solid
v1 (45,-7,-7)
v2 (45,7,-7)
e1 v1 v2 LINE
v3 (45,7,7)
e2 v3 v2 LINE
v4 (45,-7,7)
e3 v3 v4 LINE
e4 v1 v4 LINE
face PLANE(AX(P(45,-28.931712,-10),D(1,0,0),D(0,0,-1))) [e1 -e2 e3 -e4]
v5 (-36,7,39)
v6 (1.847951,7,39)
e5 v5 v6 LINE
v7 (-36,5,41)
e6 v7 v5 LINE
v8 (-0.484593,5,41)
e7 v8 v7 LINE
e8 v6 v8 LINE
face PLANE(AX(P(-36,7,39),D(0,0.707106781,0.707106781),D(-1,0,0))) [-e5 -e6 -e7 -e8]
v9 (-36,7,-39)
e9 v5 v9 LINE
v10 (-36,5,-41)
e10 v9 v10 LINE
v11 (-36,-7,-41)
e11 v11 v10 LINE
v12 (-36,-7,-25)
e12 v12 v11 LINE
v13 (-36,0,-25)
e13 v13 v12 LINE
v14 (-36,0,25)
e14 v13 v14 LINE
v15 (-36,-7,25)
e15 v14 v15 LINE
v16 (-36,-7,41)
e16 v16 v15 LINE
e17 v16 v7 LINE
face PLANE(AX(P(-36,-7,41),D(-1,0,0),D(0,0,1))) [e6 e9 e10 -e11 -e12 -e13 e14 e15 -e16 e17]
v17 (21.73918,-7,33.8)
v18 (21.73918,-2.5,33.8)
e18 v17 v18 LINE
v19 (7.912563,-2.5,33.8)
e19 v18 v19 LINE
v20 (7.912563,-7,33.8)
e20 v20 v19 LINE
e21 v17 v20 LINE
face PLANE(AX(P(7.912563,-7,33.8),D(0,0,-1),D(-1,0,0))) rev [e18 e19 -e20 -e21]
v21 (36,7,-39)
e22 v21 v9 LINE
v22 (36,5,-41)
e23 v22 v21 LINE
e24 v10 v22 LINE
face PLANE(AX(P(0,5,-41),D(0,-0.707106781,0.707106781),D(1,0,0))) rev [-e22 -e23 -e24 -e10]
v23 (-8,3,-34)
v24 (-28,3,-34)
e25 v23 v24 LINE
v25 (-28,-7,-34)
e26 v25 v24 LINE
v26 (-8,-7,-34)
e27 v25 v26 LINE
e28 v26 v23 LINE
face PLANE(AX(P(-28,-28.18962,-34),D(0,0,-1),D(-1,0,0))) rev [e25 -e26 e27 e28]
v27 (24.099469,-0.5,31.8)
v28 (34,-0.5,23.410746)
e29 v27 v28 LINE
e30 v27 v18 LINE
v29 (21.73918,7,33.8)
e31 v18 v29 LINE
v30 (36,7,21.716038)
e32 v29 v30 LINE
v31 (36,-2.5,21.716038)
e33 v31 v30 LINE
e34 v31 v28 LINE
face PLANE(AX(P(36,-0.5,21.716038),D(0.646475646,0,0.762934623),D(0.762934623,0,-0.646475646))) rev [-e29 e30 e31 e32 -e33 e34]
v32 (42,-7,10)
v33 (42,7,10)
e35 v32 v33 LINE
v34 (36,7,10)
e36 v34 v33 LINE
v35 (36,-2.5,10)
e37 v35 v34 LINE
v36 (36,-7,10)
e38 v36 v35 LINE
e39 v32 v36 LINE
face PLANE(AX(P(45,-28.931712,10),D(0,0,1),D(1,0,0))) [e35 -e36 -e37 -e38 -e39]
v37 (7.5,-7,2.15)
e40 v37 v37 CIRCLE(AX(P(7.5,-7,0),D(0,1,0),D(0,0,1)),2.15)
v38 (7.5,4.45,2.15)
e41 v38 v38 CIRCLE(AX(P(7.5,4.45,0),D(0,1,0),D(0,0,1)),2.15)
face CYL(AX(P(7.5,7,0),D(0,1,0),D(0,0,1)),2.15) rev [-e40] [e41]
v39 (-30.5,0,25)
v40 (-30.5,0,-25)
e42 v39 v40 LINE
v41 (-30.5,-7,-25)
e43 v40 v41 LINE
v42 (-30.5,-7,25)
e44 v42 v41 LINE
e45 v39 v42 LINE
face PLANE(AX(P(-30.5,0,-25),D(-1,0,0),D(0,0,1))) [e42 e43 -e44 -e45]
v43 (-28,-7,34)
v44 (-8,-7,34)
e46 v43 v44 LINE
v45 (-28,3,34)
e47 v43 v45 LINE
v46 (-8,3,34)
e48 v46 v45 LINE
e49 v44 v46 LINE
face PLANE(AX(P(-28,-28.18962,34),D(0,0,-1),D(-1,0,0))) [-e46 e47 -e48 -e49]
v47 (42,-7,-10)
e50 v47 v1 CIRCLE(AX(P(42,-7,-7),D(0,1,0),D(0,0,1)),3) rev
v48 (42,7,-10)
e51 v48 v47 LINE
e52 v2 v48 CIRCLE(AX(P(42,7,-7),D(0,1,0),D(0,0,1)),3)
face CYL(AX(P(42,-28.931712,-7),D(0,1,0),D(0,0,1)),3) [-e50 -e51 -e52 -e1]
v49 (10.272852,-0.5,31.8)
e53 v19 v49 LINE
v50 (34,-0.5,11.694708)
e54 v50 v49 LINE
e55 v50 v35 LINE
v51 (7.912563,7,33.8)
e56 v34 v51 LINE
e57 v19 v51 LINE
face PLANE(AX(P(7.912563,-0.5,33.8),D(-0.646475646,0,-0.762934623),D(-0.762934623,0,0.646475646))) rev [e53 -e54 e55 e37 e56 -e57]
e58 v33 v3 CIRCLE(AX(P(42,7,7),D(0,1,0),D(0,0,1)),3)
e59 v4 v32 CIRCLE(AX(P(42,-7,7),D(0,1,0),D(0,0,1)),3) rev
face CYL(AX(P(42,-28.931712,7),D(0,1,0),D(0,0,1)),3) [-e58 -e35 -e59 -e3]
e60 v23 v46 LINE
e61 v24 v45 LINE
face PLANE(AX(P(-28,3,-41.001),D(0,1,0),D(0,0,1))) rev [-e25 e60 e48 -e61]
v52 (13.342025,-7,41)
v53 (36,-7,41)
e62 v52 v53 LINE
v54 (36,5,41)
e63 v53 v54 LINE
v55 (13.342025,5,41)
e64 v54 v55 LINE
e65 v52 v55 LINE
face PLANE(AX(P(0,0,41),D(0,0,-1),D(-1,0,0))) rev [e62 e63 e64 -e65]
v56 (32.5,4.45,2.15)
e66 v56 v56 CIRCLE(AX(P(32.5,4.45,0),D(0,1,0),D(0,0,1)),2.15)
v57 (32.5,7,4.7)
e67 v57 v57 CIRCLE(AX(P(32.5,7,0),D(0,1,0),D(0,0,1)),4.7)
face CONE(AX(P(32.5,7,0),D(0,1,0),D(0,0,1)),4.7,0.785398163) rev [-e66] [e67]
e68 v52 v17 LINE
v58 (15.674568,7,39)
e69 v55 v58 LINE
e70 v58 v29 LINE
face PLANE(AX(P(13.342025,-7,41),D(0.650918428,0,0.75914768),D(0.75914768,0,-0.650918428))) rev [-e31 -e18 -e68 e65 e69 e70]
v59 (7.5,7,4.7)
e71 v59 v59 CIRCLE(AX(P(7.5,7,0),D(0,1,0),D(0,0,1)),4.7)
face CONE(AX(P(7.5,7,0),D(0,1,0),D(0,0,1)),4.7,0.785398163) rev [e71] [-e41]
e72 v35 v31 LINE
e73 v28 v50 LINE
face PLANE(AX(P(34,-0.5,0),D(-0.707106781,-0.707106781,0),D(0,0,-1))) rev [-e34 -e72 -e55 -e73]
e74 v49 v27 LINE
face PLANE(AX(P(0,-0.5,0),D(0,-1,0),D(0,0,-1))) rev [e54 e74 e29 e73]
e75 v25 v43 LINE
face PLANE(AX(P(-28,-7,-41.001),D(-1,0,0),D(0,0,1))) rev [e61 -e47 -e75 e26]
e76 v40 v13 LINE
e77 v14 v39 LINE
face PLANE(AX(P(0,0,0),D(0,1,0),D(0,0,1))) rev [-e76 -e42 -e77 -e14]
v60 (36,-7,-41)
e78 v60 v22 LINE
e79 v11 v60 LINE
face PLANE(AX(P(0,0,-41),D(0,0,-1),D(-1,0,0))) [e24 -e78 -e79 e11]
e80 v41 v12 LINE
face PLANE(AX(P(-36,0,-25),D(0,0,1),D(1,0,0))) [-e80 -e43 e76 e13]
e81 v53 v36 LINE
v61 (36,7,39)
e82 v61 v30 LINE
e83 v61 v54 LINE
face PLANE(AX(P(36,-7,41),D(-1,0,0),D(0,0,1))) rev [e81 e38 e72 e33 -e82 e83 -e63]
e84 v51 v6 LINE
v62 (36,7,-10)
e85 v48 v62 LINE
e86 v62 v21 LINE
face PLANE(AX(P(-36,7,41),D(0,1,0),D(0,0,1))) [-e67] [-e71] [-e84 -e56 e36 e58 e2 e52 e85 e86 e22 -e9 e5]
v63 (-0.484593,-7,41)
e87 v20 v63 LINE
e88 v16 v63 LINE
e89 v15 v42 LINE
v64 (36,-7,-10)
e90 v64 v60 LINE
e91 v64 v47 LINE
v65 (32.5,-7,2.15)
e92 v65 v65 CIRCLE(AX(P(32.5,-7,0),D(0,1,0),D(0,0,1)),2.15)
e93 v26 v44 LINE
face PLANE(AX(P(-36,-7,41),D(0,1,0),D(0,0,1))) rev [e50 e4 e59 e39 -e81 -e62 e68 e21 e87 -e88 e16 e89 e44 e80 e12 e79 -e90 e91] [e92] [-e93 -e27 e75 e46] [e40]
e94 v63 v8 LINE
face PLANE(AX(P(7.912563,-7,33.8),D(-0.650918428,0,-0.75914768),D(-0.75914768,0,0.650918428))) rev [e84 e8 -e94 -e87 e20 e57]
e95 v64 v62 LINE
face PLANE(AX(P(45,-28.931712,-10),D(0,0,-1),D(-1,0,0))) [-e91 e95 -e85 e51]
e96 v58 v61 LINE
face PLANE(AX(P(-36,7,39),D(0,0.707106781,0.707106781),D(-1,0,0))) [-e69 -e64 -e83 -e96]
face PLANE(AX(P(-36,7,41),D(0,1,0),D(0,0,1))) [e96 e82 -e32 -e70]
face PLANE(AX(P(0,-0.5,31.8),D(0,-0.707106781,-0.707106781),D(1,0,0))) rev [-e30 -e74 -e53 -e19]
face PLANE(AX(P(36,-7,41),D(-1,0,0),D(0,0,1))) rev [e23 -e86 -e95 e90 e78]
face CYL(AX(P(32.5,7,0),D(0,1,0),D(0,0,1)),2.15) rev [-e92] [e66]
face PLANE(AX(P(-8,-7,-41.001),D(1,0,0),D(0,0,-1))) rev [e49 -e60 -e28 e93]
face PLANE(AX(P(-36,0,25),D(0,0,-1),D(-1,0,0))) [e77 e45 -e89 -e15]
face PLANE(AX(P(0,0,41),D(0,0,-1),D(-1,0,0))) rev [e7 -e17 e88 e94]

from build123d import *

# Parameters (mm, degrees)
ESQUISSE2_W                                    = 72
ESQUISSE2_H                                    = 14
BOSS_EXTRU_1_DEPTH                             = 41
ESQUISSE12_W                                   = 9
ESQUISSE12_H                                   = 20
BOSS_EXTRU_6_DEPTH                             = 14
FRAISAGE_POUR_VIS_T_TE_FRAIS_E_M41_D           = 4.3
FRAISAGE_POUR_VIS_T_TE_FRAIS_E_M41_CSINK_D     = 9.4
FRAISAGE_POUR_VIS_T_TE_FRAIS_E_M41_CSINK_ANGLE = 90
ENL_V_MAT_EXTRU_3_REACH                        = 95.798
ESQUISSE6_W                                    = 20
ESQUISSE6_H                                    = 10
ESQUISSE5_W                                    = 5.5
ESQUISSE5_H                                    = 50
ENL_V_MAT_EXTRU_2_DEPTH                        = 7
CHANFREIN1_SIZE                                = 2
ESQUISSE16_W                                   = 20
ESQUISSE16_H                                   = 7
BOSS_EXTRU_7_DEPTH                             = 10
ENL_V_START                                    = -14
ENL_V_MAT_EXTRU_4_DEPTH                        = 14
ENL_V_MAT_EXTRU_5_DEPTH                        = 7.5
CHANFREIN2_SIZE                                = 2
CONG_3_R                                       = 3


with BuildPart() as part:
    # Esquisse2 → Boss.-Extru.1 (new, symmetric)
    with BuildSketch(Plane.XY):
        Rectangle(ESQUISSE2_W, ESQUISSE2_H)
    extrude(amount=BOSS_EXTRU_1_DEPTH, both=True)

    # Esquisse12 → Boss.-Extru.6 (add)
    with BuildSketch(Plane(origin=(0, 7, 0), x_dir=(1, 0, 0), z_dir=(0, 1, 0))):
        with Locations((40.5, 0)):
            Rectangle(ESQUISSE12_W, ESQUISSE12_H)
    extrude(amount=-BOSS_EXTRU_6_DEPTH)

    # Fraisage pour vis à tête fraisée M41 (through all)
    with Locations(Plane(origin=(0, 7, 0), x_dir=(1, 0, 0), z_dir=(0, 1, 0))):
        with Locations((32.5, 0), (7.5, 0)):
            CounterSinkHole(FRAISAGE_POUR_VIS_T_TE_FRAIS_E_M41_D / 2, FRAISAGE_POUR_VIS_T_TE_FRAIS_E_M41_CSINK_D / 2, counter_sink_angle=FRAISAGE_POUR_VIS_T_TE_FRAIS_E_M41_CSINK_ANGLE)

    # Esquisse6 → Enlèv. mat.-Extru.3 (cut, up to next)
    with BuildSketch(Plane.XY.offset(41), mode=Mode.PRIVATE) as enl_v_mat_extru_3_sk1:
        with Locations((-18, -2)):
            Rectangle(ESQUISSE6_W, ESQUISSE6_H)
    enl_v_mat_extru_3_tool1 = extrude(enl_v_mat_extru_3_sk1.sketch, amount=-ENL_V_MAT_EXTRU_3_REACH, mode=Mode.PRIVATE) & part.part
    add(enl_v_mat_extru_3_tool1.solids().sort_by_distance((-18, -2, 41))[0], mode=Mode.SUBTRACT)

    # Esquisse5 → Enlèv. mat.-Extru.2 (cut)
    with BuildSketch(Plane(origin=(0, -7, 0), x_dir=(1, 0, 0), z_dir=(0, 1, 0))):
        with Locations((-33.25, 0)):
            Rectangle(ESQUISSE5_W, ESQUISSE5_H)
    extrude(amount=ENL_V_MAT_EXTRU_2_DEPTH, mode=Mode.SUBTRACT)

    # Chanfrein1
    chanfrein1_edges = [part.edges().sort_by_distance(p)[0] for p in [
        (0, 7, -41),
        (0, 7, 41),
    ]]
    chamfer(chanfrein1_edges, length=CHANFREIN1_SIZE)

    # Esquisse16 → Boss.-Extru.7 (add)
    with BuildSketch(Plane.XZ.offset(-3)):
        with Locations((-18, -37.5)):
            Rectangle(ESQUISSE16_W, ESQUISSE16_H)
    boss_extru_7 = extrude(amount=BOSS_EXTRU_7_DEPTH)

    # Symétrie1: Boss.-Extru.7 across plane
    add(boss_extru_7.mirror(Plane.XY))

    # Esquisse17 → Enlèv. mat.-Extru.4 (cut)
    with BuildSketch(Plane(origin=(0, 7, 0), x_dir=(1, 0, 0), z_dir=(0, 1, 0)).offset(ENL_V_START)):
        Polygon((13.342024655, -41), (21.739180223, -33.8), (7.912562911, -33.8), (-0.484592656, -41), align=None)
    extrude(amount=ENL_V_MAT_EXTRU_4_DEPTH, mode=Mode.SUBTRACT)

    # Esquisse18 → Enlèv. mat.-Extru.5 (cut)
    with BuildSketch(Plane(origin=(0, 7, 0), x_dir=(1, 0, 0), z_dir=(0, 1, 0))):
        Polygon((7.912562911, -33.8), (36, -10), (36, -21.716038419), (21.739180223, -33.8), align=None)
    extrude(amount=-ENL_V_MAT_EXTRU_5_DEPTH, mode=Mode.SUBTRACT)

    # Chanfrein2
    chanfrein2_edges = [part.edges().sort_by_distance(p)[0] for p in [
        (14.825871567, -0.5, 33.8),
        (36, -0.5, 15.858019209),
    ]]
    chamfer(chanfrein2_edges, length=CHANFREIN2_SIZE)

    # Congé3
    cong_3_edges = [part.edges().sort_by_distance(p)[0] for p in [
        (45, 0, 10),
        (45, 0, -10),
    ]]
    fillet(cong_3_edges, radius=CONG_3_R)


solid = part.part
